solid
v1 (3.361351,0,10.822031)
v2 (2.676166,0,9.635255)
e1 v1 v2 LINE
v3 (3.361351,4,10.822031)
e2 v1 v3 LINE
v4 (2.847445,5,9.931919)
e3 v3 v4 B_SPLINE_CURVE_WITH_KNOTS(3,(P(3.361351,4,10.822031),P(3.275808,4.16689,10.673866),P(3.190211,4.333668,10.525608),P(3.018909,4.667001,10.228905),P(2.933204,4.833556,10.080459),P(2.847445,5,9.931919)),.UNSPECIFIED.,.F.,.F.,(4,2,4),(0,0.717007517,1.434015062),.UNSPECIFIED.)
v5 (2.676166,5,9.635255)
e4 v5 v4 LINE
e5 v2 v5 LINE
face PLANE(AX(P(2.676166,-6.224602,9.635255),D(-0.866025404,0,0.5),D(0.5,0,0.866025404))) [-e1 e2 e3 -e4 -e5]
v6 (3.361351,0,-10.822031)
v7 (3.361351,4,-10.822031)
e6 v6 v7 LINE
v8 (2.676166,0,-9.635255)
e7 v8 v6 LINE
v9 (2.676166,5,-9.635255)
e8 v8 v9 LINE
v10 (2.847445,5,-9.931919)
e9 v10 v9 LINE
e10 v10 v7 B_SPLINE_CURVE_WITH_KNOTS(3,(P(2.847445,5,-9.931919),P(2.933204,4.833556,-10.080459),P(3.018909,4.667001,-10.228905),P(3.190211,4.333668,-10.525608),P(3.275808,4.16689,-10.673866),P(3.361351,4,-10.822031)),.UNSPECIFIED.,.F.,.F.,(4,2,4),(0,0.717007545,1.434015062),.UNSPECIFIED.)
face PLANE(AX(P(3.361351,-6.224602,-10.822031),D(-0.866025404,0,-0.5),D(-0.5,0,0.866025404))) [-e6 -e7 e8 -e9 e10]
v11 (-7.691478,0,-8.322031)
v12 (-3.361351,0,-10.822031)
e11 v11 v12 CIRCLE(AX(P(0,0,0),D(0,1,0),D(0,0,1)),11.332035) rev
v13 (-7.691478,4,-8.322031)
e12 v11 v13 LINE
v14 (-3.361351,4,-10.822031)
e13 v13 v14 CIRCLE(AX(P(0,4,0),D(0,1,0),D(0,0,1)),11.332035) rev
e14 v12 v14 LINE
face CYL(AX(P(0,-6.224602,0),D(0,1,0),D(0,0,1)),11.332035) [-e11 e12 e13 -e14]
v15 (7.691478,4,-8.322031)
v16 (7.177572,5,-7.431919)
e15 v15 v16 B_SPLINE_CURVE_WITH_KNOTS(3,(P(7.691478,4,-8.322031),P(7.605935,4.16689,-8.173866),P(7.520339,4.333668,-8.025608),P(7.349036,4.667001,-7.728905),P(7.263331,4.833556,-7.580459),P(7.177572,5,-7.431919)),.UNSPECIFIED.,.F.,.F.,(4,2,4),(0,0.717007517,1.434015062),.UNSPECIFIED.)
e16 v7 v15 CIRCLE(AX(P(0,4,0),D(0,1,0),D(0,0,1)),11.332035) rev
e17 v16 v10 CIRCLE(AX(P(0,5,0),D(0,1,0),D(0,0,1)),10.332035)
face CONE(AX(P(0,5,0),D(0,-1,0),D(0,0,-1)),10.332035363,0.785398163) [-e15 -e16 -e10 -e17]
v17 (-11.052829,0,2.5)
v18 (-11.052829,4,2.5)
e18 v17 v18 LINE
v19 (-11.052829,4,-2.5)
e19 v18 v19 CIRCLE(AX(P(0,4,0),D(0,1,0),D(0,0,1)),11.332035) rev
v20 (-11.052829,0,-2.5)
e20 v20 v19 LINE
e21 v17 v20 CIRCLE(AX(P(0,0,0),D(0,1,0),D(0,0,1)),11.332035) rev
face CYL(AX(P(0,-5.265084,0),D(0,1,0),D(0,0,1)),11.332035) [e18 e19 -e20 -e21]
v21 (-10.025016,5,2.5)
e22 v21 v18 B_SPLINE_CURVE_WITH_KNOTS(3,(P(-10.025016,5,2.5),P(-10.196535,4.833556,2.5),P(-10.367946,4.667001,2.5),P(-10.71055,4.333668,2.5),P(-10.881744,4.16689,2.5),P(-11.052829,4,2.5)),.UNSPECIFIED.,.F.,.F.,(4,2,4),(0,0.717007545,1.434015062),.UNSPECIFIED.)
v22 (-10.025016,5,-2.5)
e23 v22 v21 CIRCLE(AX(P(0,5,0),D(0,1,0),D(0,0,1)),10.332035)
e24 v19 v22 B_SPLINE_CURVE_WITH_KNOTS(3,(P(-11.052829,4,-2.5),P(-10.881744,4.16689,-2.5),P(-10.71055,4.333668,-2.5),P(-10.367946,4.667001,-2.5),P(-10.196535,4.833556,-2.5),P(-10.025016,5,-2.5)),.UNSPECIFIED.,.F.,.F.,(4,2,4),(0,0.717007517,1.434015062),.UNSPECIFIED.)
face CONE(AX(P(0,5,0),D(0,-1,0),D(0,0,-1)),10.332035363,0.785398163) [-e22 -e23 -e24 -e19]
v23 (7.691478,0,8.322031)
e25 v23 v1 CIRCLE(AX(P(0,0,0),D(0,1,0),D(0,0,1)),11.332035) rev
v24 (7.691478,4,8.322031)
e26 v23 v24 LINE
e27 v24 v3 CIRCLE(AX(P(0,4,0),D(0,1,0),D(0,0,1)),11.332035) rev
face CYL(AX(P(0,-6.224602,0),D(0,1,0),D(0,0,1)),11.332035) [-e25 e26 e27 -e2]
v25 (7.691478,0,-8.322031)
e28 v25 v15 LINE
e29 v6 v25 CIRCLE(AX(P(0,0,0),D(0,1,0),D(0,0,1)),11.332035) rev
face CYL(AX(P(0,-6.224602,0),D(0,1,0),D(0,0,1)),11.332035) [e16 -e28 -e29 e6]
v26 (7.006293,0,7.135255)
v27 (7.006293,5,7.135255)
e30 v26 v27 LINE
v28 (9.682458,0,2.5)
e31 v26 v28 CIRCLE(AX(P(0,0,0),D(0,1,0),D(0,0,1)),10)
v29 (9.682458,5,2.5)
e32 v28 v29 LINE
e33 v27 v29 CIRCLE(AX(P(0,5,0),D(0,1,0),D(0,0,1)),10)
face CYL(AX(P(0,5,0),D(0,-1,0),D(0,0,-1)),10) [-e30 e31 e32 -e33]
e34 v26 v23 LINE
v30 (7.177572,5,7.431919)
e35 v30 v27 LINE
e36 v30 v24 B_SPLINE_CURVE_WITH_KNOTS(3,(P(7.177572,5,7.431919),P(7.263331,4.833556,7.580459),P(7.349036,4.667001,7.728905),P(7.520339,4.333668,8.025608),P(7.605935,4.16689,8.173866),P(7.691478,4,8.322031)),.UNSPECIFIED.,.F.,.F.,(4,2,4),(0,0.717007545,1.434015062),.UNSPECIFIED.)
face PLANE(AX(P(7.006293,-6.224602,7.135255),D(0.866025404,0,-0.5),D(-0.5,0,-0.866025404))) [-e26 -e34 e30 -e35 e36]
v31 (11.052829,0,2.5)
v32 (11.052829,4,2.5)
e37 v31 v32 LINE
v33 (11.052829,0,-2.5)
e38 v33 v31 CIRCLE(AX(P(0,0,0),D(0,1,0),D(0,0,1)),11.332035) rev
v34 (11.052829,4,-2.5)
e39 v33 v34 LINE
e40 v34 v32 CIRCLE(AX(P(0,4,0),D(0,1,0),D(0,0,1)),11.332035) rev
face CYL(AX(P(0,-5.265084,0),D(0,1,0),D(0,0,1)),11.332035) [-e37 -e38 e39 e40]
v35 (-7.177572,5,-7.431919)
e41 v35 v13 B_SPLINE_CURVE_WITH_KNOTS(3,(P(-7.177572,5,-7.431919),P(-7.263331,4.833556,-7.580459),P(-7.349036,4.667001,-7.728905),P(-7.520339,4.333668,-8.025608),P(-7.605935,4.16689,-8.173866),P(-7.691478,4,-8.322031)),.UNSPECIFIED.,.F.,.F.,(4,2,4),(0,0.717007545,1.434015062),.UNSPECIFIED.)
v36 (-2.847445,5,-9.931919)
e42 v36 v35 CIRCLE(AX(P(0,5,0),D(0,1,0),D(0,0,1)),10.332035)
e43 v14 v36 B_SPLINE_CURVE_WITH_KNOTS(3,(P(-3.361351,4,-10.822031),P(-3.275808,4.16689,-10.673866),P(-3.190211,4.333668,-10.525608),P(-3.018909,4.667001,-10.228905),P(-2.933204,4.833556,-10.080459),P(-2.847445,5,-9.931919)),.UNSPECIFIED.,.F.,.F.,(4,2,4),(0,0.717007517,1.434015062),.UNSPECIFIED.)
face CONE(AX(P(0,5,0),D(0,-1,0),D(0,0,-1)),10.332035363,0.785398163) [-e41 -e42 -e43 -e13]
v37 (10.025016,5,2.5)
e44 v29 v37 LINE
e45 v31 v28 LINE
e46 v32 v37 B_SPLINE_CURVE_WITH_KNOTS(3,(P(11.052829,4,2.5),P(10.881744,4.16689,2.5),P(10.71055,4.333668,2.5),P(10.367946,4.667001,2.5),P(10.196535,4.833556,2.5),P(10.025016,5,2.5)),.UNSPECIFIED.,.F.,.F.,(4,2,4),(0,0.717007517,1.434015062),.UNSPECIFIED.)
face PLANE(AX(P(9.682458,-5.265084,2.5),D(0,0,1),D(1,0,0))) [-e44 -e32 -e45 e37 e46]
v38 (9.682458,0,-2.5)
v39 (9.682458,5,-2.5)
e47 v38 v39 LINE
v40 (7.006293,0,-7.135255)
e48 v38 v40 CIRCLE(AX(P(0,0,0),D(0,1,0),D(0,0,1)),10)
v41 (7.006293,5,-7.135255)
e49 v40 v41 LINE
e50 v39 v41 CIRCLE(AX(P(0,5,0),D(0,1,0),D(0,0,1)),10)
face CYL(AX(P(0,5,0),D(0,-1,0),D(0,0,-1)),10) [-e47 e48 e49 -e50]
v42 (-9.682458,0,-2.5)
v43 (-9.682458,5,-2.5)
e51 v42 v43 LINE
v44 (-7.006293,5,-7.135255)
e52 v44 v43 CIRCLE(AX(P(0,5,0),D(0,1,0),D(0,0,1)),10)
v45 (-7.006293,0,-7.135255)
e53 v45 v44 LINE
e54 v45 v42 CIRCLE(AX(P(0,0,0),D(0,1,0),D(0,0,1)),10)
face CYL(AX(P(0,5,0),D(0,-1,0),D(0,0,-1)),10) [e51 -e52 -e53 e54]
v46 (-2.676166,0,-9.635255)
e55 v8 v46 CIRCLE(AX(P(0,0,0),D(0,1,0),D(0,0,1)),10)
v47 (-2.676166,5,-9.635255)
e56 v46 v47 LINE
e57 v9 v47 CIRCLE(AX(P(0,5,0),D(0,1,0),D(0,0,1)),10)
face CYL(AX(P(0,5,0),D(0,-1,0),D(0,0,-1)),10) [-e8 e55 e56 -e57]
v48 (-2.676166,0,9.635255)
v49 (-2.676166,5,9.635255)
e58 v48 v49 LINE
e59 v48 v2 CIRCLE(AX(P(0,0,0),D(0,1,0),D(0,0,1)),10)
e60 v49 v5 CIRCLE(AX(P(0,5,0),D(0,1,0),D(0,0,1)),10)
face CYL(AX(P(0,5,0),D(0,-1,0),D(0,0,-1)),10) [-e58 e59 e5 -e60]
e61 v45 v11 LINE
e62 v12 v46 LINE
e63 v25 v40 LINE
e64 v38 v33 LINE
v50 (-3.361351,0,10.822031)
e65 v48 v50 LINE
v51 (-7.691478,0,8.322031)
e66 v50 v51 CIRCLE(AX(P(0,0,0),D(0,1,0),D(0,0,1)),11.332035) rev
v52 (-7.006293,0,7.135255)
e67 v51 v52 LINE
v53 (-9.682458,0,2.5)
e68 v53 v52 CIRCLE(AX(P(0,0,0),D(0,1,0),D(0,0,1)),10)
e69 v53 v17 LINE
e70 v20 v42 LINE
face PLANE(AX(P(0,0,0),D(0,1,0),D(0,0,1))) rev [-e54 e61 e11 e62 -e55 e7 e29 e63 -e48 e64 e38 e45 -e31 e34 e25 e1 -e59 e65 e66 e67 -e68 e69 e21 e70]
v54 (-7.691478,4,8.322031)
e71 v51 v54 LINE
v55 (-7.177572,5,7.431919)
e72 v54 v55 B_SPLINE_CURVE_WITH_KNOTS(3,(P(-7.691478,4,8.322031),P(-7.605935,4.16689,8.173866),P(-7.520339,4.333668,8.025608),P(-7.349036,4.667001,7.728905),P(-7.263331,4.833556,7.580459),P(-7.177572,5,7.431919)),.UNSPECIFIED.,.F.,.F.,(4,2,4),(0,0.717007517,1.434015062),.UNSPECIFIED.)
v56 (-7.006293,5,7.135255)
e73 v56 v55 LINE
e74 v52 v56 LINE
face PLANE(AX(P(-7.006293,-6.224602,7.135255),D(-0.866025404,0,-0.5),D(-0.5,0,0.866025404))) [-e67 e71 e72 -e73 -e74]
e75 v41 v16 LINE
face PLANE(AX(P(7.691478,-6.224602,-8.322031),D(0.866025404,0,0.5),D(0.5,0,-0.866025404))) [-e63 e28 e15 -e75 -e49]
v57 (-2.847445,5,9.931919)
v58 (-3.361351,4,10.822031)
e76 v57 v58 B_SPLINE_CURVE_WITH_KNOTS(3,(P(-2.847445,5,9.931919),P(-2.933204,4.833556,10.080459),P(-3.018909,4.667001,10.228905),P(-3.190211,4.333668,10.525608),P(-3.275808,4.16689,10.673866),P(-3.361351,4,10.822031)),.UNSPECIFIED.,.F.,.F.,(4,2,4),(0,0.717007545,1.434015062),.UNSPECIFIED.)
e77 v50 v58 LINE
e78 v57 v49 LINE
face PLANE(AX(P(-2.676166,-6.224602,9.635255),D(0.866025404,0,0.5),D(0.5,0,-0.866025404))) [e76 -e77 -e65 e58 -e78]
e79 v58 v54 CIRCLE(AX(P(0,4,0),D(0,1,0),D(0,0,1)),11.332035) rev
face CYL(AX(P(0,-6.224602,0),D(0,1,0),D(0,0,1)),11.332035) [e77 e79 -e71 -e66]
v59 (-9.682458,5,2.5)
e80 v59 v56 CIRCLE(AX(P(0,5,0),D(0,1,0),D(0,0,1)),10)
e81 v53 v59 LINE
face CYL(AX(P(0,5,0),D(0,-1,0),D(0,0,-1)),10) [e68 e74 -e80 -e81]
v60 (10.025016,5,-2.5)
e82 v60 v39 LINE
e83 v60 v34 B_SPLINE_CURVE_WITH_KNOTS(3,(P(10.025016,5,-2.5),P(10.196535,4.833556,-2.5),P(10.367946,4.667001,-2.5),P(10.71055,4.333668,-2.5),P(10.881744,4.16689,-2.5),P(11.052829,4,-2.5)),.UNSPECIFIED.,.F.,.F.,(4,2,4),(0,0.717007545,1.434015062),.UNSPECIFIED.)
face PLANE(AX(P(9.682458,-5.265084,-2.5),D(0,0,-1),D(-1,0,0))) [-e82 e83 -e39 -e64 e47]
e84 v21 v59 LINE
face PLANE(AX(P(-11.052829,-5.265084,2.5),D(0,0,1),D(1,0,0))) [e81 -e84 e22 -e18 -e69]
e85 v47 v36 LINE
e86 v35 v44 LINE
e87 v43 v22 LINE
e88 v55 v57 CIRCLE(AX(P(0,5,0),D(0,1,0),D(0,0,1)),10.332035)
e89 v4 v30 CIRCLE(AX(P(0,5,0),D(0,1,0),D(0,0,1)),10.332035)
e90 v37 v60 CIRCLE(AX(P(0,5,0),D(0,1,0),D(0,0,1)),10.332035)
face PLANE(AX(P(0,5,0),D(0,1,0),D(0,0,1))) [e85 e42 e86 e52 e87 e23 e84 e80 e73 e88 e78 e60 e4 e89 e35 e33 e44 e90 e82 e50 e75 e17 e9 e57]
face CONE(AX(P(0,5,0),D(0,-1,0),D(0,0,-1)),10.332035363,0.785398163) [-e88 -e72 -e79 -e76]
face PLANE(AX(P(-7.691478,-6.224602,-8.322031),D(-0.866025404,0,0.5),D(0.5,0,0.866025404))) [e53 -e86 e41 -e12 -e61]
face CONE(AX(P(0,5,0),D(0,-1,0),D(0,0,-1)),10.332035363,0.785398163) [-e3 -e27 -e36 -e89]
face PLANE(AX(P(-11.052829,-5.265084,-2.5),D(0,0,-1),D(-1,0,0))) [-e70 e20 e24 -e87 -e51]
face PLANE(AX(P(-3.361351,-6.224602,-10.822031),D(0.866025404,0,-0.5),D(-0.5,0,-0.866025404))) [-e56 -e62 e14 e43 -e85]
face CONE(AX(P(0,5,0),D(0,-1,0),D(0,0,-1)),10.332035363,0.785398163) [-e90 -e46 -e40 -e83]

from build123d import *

# Parameters (mm, degrees)
SKETCH_1_R               = 10
EXTRUDE_1_DEPTH          = 5
EXTRUDE_2_DEPTH          = 5
PATTERN_CIRCULAR_1_COUNT = 3
PATTERN_CIRCULAR_1_ANGLE = 120
CHAMFER_1_SIZE           = 1


with BuildPart() as part:
    # 草图1 → 凸台-拉伸1 (new body)
    with BuildSketch(Plane(origin=(0, 0, 0), x_dir=(1, 0, 0), z_dir=(0, 1, 0))):
        Circle(SKETCH_1_R)
    extrude(amount=EXTRUDE_1_DEPTH)

    # 草图2 → 凸台-拉伸2 (add)
    with BuildSketch(Plane(origin=(0, 5, 0), x_dir=(1, 0, 0), z_dir=(0, 1, 0))):
        with BuildLine():
            Line((9.682458366, 2.5), (11.052828845, 2.5))
            ThreePointArc((11.052828845, 2.5), (11.332035363, 0), (11.052828845, -2.5))
            Line((11.052828845, -2.5), (9.682458366, -2.5))
            ThreePointArc((9.682458366, -2.5), (10, 0), (9.682458366, 2.5))
        make_face()
        with BuildLine():
            Line((-11.052828845, -2.5), (-9.682458366, -2.5))
            ThreePointArc((-9.682458366, -2.5), (-10, 0), (-9.682458366, 2.5))
            Line((-9.682458366, 2.5), (-11.052828845, 2.5))
            ThreePointArc((-11.052828845, 2.5), (-11.332035363, 0), (-11.052828845, -2.5))
        make_face()
    extrude_2 = extrude(amount=-EXTRUDE_2_DEPTH)

    # 阵列(圆周)1: 凸台-拉伸2 ×3 about axis
    pattern_circular_1_axis = Axis((0, 0, 0), (0, -1, 0))
    for i in range(1, PATTERN_CIRCULAR_1_COUNT):
        add(extrude_2.rotate(pattern_circular_1_axis, i * PATTERN_CIRCULAR_1_ANGLE / (PATTERN_CIRCULAR_1_COUNT - 1)))

    # 倒角1
    chamfer_1_edges = [part.edges().sort_by_distance(p)[0] for p in [
        (-11.332035363, 5, 0),
        (5.666017682, 5, 9.813830501),
        (-5.666017682, 5, -9.813830501),
        (-5.666017682, 5, 9.813830501),
        (5.666017682, 5, -9.813830501),
        (11.332035363, 5, 0),
    ]]
    chamfer(chamfer_1_edges, length=CHAMFER_1_SIZE)


solid = part.part
